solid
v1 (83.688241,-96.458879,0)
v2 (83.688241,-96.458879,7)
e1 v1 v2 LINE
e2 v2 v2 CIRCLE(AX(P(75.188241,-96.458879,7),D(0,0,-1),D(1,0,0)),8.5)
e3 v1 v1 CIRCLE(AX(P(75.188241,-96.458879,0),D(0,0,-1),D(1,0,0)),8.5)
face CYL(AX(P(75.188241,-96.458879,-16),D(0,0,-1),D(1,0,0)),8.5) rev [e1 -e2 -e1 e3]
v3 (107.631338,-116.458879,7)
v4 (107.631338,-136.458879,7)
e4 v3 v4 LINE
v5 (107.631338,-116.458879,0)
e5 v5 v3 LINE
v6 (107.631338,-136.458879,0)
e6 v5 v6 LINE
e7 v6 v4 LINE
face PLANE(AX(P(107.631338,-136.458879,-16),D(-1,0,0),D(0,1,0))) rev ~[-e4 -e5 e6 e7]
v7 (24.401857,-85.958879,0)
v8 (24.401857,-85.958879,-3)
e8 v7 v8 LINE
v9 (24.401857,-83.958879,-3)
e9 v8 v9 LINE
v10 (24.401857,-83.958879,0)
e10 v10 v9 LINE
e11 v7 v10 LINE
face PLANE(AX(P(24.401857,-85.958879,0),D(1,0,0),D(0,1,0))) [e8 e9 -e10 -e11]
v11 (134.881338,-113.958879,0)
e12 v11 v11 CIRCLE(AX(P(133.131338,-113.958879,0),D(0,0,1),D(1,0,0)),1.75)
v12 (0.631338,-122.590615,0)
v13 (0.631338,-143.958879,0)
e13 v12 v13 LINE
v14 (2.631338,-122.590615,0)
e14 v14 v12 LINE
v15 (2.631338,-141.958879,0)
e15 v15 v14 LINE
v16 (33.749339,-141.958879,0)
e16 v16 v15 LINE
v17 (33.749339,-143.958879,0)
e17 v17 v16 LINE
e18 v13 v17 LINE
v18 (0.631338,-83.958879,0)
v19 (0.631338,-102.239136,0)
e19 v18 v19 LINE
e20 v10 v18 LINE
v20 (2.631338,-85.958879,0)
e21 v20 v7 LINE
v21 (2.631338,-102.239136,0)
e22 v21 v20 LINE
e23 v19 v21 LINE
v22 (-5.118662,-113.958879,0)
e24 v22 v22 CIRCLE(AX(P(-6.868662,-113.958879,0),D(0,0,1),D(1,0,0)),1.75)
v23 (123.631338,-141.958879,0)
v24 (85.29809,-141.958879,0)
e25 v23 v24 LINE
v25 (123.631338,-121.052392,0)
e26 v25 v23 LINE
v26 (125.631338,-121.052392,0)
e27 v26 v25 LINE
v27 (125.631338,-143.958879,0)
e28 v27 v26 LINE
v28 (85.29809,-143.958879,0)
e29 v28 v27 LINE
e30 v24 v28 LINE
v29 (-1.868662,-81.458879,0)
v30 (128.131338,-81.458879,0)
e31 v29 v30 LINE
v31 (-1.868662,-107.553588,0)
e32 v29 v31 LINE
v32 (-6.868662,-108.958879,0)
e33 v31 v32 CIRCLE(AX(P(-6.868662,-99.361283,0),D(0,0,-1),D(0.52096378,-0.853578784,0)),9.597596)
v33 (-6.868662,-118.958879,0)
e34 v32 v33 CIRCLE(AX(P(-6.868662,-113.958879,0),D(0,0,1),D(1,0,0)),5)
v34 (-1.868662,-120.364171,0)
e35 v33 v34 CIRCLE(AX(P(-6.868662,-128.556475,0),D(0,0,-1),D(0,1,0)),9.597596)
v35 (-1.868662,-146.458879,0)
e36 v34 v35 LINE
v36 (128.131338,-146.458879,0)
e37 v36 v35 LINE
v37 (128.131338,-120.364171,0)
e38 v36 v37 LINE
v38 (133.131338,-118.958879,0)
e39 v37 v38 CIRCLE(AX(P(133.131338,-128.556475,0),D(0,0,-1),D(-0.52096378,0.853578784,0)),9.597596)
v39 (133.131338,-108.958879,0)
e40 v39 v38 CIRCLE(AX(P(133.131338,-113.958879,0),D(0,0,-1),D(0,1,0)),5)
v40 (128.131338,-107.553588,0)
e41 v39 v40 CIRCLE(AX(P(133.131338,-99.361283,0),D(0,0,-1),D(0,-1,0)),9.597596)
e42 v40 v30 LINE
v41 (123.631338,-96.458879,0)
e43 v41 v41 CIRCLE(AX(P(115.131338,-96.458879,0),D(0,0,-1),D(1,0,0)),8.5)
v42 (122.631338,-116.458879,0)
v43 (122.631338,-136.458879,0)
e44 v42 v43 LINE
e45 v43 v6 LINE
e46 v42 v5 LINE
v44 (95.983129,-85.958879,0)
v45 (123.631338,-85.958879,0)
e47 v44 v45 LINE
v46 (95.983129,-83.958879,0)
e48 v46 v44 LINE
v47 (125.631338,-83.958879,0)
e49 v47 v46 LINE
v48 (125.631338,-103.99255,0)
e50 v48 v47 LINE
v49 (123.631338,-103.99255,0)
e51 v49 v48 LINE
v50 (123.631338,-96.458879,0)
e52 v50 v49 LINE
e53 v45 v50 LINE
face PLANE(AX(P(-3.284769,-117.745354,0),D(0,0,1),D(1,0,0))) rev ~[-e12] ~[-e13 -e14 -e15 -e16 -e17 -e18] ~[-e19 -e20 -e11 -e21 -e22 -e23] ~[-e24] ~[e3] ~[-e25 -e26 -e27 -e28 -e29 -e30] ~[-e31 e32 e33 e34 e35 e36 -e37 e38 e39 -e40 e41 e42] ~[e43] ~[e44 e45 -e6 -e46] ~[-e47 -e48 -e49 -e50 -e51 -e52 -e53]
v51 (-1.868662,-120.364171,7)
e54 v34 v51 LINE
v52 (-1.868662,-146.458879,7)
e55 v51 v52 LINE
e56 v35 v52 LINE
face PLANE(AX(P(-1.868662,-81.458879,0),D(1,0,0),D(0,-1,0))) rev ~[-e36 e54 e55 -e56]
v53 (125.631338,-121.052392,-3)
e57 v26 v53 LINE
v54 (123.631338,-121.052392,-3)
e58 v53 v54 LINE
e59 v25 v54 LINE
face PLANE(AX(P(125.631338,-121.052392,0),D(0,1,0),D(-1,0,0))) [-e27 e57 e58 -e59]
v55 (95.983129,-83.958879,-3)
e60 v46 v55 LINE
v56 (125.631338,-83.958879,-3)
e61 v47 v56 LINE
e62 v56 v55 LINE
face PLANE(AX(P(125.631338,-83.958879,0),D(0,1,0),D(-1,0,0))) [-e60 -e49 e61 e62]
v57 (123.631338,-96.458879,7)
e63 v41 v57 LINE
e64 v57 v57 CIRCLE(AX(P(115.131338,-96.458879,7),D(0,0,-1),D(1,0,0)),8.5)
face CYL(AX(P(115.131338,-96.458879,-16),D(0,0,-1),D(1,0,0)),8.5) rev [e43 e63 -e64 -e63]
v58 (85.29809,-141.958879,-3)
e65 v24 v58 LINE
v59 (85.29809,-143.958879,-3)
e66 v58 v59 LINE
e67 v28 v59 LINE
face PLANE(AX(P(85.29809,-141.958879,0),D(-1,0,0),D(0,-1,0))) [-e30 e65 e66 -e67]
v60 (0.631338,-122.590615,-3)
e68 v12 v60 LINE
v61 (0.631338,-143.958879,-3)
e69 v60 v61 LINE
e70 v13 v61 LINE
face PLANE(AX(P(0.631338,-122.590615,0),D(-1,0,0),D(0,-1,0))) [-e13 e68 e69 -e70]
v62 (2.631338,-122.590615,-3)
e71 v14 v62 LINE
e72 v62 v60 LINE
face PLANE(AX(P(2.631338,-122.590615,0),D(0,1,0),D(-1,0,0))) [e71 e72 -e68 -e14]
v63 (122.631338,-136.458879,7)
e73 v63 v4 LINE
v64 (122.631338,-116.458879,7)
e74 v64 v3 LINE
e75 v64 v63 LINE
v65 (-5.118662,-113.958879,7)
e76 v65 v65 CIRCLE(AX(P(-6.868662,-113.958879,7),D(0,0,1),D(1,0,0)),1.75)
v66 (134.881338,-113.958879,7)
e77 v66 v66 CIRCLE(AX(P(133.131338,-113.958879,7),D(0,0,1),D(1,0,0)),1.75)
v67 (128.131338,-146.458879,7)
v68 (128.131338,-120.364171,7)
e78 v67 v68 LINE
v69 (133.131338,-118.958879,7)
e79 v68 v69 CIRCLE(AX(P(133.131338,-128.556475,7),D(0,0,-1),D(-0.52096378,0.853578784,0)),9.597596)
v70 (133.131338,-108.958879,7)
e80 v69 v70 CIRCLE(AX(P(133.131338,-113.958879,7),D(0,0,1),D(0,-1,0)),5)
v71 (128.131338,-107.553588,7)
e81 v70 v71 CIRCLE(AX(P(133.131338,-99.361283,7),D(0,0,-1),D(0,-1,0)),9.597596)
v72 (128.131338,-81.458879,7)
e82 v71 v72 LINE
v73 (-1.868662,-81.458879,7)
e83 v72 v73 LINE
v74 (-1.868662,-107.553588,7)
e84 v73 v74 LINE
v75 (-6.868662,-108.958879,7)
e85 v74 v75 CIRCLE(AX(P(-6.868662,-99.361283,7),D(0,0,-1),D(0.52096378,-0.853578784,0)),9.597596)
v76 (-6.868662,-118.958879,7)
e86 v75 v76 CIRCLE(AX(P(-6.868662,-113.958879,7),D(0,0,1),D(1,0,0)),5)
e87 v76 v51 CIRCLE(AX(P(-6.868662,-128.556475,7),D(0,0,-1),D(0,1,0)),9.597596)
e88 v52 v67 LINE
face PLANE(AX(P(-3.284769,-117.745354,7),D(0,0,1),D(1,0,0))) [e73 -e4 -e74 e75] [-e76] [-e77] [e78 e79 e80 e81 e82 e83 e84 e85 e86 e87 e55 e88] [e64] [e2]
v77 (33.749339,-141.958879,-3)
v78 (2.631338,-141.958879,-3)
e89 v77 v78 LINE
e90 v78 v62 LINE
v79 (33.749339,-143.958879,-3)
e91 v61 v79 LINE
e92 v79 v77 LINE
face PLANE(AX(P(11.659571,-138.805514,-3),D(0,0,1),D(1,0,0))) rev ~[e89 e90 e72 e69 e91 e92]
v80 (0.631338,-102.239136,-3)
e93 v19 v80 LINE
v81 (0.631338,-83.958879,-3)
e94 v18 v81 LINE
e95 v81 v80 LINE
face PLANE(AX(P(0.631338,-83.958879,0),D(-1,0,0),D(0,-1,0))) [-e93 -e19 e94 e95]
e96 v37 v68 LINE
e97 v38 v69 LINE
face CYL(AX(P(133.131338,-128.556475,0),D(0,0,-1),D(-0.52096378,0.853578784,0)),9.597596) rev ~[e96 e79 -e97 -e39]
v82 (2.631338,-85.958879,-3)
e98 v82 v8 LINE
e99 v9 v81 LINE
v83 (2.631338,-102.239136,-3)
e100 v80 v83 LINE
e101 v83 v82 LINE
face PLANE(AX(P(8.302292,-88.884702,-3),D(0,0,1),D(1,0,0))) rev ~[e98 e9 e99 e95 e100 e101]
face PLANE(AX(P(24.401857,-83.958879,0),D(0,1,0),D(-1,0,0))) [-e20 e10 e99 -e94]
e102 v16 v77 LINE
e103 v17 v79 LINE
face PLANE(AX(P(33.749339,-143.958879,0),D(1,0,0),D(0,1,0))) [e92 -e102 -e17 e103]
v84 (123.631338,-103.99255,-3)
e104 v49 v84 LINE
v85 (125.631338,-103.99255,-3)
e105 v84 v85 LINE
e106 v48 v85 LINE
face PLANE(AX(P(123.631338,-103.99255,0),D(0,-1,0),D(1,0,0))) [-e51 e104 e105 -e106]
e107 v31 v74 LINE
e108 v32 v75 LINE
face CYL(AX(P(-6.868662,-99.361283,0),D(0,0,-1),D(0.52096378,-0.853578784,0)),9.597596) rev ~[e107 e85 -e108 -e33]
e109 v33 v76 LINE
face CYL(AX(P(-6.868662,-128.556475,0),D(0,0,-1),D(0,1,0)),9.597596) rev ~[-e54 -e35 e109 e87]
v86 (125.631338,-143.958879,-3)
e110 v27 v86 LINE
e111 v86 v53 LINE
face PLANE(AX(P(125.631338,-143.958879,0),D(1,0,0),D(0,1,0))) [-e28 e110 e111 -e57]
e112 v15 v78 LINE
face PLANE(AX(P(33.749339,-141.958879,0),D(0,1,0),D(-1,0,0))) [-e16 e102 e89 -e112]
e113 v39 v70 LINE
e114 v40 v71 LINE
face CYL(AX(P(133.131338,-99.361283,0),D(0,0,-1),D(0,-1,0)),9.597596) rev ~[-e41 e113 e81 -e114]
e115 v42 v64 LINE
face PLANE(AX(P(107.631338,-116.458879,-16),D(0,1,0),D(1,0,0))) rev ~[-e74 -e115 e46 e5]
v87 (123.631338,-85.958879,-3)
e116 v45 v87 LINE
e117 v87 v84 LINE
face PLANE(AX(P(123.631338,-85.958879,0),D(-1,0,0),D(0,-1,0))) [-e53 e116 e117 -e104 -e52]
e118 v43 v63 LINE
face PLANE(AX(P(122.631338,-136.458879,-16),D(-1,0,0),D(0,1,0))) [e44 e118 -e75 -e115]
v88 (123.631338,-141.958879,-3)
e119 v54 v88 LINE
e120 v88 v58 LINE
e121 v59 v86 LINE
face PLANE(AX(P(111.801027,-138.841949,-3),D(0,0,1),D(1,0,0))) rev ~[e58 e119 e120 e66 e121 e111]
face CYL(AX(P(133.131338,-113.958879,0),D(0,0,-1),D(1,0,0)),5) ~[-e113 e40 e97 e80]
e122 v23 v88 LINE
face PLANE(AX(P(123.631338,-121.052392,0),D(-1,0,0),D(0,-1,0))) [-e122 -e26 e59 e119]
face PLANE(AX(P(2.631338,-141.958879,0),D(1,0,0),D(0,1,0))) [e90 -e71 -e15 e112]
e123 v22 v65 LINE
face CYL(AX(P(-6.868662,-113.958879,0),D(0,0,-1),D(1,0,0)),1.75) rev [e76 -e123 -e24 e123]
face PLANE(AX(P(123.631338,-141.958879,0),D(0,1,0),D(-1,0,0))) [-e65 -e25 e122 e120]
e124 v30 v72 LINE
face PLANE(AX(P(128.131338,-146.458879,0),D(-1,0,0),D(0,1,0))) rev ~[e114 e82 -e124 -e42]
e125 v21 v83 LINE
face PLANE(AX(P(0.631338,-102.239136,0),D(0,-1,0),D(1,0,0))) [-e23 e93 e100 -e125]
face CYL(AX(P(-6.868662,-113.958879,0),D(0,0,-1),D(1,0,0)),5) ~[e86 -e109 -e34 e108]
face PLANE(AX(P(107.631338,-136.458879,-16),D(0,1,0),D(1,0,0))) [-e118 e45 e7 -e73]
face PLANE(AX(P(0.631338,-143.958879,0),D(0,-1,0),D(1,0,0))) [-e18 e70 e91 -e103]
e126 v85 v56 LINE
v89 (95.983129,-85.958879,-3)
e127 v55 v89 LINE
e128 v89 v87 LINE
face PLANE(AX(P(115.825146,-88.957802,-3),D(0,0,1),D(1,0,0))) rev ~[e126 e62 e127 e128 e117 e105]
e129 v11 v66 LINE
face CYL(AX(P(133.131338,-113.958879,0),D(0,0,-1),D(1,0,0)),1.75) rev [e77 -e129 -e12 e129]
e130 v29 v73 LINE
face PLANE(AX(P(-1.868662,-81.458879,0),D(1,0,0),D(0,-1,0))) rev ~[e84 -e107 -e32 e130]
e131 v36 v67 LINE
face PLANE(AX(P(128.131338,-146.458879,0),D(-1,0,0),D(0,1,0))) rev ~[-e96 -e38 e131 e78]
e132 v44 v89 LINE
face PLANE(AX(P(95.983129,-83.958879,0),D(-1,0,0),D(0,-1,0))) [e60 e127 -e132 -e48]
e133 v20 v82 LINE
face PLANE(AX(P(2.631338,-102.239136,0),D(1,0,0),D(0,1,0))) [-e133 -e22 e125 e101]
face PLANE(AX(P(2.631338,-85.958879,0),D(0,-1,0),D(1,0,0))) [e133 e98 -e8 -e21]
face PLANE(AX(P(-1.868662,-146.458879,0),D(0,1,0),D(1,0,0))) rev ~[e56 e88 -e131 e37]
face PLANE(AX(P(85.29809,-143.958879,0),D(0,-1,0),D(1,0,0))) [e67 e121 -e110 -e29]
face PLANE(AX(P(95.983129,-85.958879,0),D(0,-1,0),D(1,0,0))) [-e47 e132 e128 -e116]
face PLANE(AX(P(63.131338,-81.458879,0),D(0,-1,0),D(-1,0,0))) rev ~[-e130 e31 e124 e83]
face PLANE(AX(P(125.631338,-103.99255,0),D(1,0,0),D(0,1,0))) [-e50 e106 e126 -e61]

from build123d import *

# Parameters (mm, degrees)
SKETCH1_R               = 1.75
BOSS_EXTRUDE1_DEPTH     = 7
BOSS_EXTRUDE3_DEPTH     = 3
CUT_EXTRUDE1_DEPTH      = 18
CUT_EXTRUDE1_DEPTH_BACK = 23
SKETCH2_R               = 8.5
SKETCH2_W               = 15
SKETCH2_H               = 20


with BuildPart() as part:
    # Sketch1 → Boss-Extrude1 (new body)
    with BuildSketch(Plane.XY):
        with BuildLine():
            Line((128.131337811, -146.458879214), (128.131337811, -120.364170926))
            ThreePointArc((128.131337811, -120.364170926), (130.534472162, -119.316879015), (133.131337811, -118.958879214))
            ThreePointArc((133.131337811, -118.958879214), (138.131337811, -113.958879214), (133.131337811, -108.958879214))
            ThreePointArc((133.131337811, -108.958879214), (130.534472162, -108.600879413), (128.131337811, -107.553587502))
            Line((128.131337811, -107.553587502), (128.131337811, -81.458879214))
            Line((128.131337811, -81.458879214), (-1.868662189, -81.458879214))
            Line((-1.868662189, -81.458879214), (-1.868662189, -107.553587502))
            ThreePointArc((-1.868662189, -107.553587502), (-4.27179654, -108.600879413), (-6.868662189, -108.958879214))
            ThreePointArc((-6.868662189, -108.958879214), (-11.868662189, -113.958879214), (-6.868662189, -118.958879214))
            ThreePointArc((-6.868662189, -118.958879214), (-4.27179654, -119.316879015), (-1.868662189, -120.364170926))
            Line((-1.868662189, -120.364170926), (-1.868662189, -146.458879214))
            Line((-1.868662189, -146.458879214), (128.131337811, -146.458879214))
        make_face()
        with Locations((133.131337811, -113.958879214)):
            Circle(SKETCH1_R, mode=Mode.SUBTRACT)
        with Locations((-6.868662189, -113.958879214)):
            Circle(SKETCH1_R, mode=Mode.SUBTRACT)
    extrude(amount=BOSS_EXTRUDE1_DEPTH)

    # Sketch1<4> → Boss-Extrude3 (add)
    with BuildSketch(Plane.XY):
        Polygon((125.631337811, -143.958879214), (125.631337811, -121.052392275), (123.631337811, -121.052392275), (123.631337811, -141.958879214), (85.298090445, -141.958879214), (85.298090445, -143.958879214), align=None)
        Polygon((123.631337811, -103.992549868), (125.631337811, -103.992549868), (125.631337811, -83.958879214), (95.983128658, -83.958879214), (95.983128658, -85.958879214), (123.631337811, -85.958879214), align=None)
        Polygon((0.631337811, -143.958879214), (33.749338975, -143.958879214), (33.749338975, -141.958879214), (2.631337811, -141.958879214), (2.631337811, -122.590614977), (0.631337811, -122.590614977), align=None)
        Polygon((24.401857146, -85.958879214), (24.401857146, -83.958879214), (0.631337811, -83.958879214), (0.631337811, -102.239135551), (2.631337811, -102.239135551), (2.631337811, -85.958879214), align=None)
    extrude(amount=-BOSS_EXTRUDE3_DEPTH)

    # Sketch2 → Cut-Extrude1 (cut, two sides: drawn at the far end of the back side and taken through both)
    with BuildSketch(Plane.XY.offset(7).offset(-CUT_EXTRUDE1_DEPTH_BACK)):
        with Locations((115.131337811, -96.458879214)):
            Circle(SKETCH2_R)
        with Locations((75.188241038, -96.458879214)):
            Circle(SKETCH2_R)
        with Locations((115.131337811, -126.458879214)):
            Rectangle(SKETCH2_W, SKETCH2_H)
    extrude(amount=CUT_EXTRUDE1_DEPTH + CUT_EXTRUDE1_DEPTH_BACK, mode=Mode.SUBTRACT)


solid = part.part
